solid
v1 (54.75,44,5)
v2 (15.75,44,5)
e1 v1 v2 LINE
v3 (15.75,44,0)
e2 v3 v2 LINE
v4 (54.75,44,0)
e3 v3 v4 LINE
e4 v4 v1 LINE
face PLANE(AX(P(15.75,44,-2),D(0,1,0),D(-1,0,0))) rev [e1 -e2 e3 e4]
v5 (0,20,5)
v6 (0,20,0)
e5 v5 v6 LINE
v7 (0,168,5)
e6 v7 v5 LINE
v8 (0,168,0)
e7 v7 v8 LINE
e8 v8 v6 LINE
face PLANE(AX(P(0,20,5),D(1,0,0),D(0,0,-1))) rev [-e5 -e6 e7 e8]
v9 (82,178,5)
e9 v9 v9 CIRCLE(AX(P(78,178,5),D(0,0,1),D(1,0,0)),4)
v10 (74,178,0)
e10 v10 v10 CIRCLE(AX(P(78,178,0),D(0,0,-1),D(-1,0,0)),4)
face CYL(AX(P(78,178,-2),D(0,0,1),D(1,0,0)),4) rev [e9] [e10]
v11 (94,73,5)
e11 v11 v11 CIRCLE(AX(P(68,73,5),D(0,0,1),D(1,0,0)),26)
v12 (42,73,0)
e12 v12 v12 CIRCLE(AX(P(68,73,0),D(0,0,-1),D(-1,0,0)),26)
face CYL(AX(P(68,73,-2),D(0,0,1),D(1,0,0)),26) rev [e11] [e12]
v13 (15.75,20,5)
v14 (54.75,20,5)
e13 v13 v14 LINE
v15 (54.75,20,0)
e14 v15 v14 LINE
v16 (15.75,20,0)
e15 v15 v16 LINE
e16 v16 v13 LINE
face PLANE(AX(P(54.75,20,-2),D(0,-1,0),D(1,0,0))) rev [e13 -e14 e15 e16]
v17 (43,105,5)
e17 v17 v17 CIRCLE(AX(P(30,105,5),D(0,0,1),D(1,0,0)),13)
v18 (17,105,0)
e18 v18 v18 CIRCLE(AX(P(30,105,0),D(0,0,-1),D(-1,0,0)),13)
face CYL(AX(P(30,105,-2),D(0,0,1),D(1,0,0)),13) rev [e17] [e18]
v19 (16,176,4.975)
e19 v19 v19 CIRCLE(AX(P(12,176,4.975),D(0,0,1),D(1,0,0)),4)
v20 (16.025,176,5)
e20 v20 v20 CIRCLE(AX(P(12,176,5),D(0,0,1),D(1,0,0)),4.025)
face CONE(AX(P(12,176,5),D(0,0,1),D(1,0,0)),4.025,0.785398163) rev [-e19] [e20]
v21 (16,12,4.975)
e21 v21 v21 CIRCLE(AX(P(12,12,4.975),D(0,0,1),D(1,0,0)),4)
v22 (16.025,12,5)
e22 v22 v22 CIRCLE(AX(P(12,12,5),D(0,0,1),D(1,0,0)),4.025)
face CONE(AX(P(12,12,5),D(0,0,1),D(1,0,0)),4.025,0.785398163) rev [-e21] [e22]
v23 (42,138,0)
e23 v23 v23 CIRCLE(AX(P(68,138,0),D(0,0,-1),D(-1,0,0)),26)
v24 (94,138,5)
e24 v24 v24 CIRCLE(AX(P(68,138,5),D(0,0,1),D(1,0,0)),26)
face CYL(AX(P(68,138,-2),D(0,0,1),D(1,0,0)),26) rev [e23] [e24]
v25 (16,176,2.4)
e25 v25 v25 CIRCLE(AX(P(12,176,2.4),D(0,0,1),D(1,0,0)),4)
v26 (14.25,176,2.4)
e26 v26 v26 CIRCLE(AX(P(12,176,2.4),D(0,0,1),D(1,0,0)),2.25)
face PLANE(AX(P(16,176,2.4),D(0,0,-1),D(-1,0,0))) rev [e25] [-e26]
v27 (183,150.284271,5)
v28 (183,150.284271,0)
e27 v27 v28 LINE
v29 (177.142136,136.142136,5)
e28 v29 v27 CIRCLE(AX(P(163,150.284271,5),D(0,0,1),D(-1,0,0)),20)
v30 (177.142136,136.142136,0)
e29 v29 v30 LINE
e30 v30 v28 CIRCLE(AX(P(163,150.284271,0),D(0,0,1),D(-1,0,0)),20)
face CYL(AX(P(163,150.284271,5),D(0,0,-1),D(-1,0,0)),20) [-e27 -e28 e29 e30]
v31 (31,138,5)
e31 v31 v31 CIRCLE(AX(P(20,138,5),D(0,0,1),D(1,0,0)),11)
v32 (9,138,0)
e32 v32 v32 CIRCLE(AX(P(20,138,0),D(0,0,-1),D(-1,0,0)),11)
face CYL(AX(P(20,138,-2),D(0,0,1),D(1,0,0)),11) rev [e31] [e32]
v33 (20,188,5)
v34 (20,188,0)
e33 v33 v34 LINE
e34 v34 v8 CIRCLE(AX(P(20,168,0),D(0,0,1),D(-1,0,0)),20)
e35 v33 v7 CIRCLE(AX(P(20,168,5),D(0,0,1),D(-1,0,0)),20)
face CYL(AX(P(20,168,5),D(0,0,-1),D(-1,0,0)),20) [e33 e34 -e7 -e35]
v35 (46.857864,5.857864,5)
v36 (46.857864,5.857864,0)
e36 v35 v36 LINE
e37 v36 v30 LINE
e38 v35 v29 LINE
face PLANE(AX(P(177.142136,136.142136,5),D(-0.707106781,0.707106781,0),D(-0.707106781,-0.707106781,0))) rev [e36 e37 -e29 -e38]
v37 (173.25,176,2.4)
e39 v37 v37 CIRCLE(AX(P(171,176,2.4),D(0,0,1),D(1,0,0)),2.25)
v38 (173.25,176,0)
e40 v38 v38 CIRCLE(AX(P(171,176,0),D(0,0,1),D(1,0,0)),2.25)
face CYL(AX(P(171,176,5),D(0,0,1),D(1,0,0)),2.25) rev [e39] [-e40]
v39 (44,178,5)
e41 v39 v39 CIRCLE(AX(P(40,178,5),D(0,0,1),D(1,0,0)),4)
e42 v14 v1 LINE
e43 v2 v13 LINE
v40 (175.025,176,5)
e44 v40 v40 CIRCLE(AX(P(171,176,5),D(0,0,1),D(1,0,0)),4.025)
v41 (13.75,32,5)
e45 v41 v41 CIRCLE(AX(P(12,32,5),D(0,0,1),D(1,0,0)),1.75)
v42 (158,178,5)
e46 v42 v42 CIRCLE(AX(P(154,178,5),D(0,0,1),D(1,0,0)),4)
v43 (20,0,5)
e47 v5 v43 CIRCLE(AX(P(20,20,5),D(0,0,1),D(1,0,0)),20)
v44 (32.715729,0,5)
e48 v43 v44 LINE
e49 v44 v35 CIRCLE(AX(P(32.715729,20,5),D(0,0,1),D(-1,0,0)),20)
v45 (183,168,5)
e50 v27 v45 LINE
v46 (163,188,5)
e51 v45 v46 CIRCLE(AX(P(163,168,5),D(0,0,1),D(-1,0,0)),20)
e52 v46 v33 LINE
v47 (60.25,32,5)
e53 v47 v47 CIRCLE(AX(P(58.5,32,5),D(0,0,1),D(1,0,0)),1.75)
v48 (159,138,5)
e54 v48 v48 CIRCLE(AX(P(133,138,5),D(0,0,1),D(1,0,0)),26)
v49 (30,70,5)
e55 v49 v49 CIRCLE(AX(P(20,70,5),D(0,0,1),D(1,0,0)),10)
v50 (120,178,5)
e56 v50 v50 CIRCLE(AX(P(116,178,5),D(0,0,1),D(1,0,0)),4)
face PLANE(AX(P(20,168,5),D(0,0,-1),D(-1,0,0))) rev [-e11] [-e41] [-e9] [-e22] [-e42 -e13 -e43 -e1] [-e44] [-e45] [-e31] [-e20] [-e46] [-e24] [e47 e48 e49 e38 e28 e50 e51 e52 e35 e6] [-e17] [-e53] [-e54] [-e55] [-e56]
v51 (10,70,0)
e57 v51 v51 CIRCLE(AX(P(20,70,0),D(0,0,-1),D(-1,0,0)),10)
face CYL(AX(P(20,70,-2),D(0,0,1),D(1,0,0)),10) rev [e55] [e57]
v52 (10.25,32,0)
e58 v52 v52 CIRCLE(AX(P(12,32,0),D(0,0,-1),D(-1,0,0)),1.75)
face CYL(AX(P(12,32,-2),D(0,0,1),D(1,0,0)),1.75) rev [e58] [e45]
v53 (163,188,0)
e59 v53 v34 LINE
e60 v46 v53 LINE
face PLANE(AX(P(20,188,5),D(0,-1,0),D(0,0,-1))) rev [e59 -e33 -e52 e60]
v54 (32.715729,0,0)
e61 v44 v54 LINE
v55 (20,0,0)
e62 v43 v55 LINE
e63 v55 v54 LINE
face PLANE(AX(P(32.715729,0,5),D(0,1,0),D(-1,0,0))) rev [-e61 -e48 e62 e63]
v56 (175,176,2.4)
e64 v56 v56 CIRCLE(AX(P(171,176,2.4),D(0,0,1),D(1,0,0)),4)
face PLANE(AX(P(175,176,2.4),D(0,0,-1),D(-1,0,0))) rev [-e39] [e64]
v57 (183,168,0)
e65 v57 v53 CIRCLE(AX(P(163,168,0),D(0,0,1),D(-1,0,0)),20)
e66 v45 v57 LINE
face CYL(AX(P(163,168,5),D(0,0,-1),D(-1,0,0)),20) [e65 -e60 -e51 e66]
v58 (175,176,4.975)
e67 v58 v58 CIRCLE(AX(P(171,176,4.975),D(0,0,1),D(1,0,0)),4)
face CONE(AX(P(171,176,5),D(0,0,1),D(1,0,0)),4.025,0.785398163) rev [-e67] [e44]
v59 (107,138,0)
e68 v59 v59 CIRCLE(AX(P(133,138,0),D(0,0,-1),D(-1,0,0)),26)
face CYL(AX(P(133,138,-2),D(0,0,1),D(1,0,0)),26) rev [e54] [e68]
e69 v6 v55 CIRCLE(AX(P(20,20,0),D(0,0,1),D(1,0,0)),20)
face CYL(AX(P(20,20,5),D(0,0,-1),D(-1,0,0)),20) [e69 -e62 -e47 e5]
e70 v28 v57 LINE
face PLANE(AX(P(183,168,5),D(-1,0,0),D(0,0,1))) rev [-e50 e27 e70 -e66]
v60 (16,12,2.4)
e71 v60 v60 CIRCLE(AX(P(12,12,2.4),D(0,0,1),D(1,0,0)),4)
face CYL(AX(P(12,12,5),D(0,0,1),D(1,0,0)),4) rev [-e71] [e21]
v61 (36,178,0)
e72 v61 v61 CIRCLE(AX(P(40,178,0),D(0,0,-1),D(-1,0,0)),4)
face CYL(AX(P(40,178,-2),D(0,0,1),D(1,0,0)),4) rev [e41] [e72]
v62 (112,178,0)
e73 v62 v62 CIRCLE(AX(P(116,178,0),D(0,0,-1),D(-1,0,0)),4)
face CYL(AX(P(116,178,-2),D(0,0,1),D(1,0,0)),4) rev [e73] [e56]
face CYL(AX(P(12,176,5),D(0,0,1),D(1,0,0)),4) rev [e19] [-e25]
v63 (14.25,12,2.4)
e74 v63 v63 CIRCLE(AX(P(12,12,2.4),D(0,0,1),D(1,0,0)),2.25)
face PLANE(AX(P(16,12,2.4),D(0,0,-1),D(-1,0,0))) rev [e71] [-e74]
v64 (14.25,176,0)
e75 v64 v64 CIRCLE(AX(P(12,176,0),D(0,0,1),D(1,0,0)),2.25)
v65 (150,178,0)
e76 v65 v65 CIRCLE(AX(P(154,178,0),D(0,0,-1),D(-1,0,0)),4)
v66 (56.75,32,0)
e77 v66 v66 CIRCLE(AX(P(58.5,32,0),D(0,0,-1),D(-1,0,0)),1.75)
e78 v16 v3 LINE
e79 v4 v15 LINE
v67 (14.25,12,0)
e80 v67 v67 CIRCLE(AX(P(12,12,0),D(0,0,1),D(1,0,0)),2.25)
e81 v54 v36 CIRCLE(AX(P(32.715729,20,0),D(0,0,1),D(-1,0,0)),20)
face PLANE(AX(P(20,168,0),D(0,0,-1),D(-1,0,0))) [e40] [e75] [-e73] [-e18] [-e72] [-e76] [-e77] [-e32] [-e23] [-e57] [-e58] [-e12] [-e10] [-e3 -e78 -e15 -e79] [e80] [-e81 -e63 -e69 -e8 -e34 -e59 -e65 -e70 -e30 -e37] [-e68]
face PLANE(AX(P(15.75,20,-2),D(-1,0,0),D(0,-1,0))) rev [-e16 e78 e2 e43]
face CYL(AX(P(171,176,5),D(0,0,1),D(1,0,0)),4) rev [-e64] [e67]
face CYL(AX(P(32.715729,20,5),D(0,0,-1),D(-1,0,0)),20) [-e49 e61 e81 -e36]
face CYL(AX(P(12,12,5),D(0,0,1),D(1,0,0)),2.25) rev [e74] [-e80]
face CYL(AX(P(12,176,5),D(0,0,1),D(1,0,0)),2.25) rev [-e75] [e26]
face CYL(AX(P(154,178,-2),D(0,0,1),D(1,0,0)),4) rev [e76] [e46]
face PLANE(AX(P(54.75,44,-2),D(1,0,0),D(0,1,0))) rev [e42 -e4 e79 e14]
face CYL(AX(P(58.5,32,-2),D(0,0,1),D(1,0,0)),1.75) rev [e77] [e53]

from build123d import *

# Parameters (mm, degrees)
ESTRUSIONE_ESTRUSIONE1_DEPTH                 = 5
FORO_LAMATO_PER_VITE_M4_A_TESTA_CILI_2_COUNT = 2
FORO_LAMATO_PER_VITE_M4_A_TESTA_CILI_2_PITCH = 164
FORO_LAMATO_PER_VITE_M4_A_TESTA_CILI_3_COUNT = 2
FORO_LAMATO_PER_VITE_M4_A_TESTA_CILI_3_PITCH = 159
SCHIZZO5_R                                   = 1.75
SCHIZZO5_R_2                                 = 10
SCHIZZO5_R_3                                 = 11
SCHIZZO5_R_4                                 = 13
SCHIZZO5_R_5                                 = 4
SCHIZZO5_R_6                                 = 26
SCHIZZO5_W                                   = 39
SCHIZZO5_H                                   = 24
TAGLIO_ESTRUSIONE2_DEPTH                     = 7


with BuildPart() as part:
    # Schizzo1 → Estrusione-Estrusione1 (new body)
    with BuildSketch(Plane.XY):
        with BuildLine():
            Line((0, 20), (0, 168))
            ThreePointArc((0, 168), (5.857864376, 182.142135624), (20, 188))
            Line((20, 188), (163, 188))
            ThreePointArc((163, 188), (177.142135624, 182.142135624), (183, 168))
            Line((183, 168), (183, 150.284271247))
            ThreePointArc((183, 150.284271247), (181.47759065, 142.6306026), (177.142135624, 136.142135624))
            Line((177.142135624, 136.142135624), (46.857864376, 5.857864376))
            ThreePointArc((46.857864376, 5.857864376), (40.3693974, 1.52240935), (32.715728753, 0))
            Line((32.715728753, 0), (20, 0))
            ThreePointArc((20, 0), (5.857864376, 5.857864376), (0, 20))
        make_face()
    extrude(amount=ESTRUSIONE_ESTRUSIONE1_DEPTH)

    # Schizzo4 → Foro lamato per Vite M4 a testa cilindrica piana-1 (revolve, cut)
    with BuildSketch(Plane(origin=(12, 176, 5), x_dir=(0, -1, 0), z_dir=(1, 0, 0))):
        Polygon((0, 0), (0, 5), (2.25, 5), (2.25, 2.6), (4, 2.6), (4, 0.025), (4.025, 0), align=None)
    foro_lamato_per_vite_m4_a_testa_cilindri = revolve(axis=Axis((12, 176, 11.35), (0, 0, -1)), mode=Mode.SUBTRACT)

    # Foro lamato per Vite M4 a testa cili 2: Foro lamato per Vite M4 a testa cilindrica piana-1 ×2
    with Locations(*[(0, -i * FORO_LAMATO_PER_VITE_M4_A_TESTA_CILI_2_PITCH, 0) for i in range(1, FORO_LAMATO_PER_VITE_M4_A_TESTA_CILI_2_COUNT)]):
        add(foro_lamato_per_vite_m4_a_testa_cilindri, mode=Mode.SUBTRACT)

    # Foro lamato per Vite M4 a testa cili 3: Foro lamato per Vite M4 a testa cilindrica piana-1 ×2
    with Locations(*[(i * FORO_LAMATO_PER_VITE_M4_A_TESTA_CILI_3_PITCH, 0, 0) for i in range(1, FORO_LAMATO_PER_VITE_M4_A_TESTA_CILI_3_COUNT)]):
        add(foro_lamato_per_vite_m4_a_testa_cilindri, mode=Mode.SUBTRACT)

    # Schizzo5 → Taglio-Estrusione2 (cut)
    with BuildSketch(Plane.XY.offset(5)):
        with Locations((12, 32)):
            Circle(SCHIZZO5_R)
        with Locations((58.5, 32)):
            Circle(SCHIZZO5_R)
        with Locations((20, 70)):
            Circle(SCHIZZO5_R_2)
        with Locations((20, 138)):
            Circle(SCHIZZO5_R_3)
        with Locations((30, 105)):
            Circle(SCHIZZO5_R_4)
        with Locations((40, 178)):
            Circle(SCHIZZO5_R_5)
        with Locations((78, 178)):
            Circle(SCHIZZO5_R_5)
        with Locations((116, 178)):
            Circle(SCHIZZO5_R_5)
        with Locations((154, 178)):
            Circle(SCHIZZO5_R_5)
        with Locations((68, 138)):
            Circle(SCHIZZO5_R_6)
        with Locations((133, 138)):
            Circle(SCHIZZO5_R_6)
        with Locations((68, 73)):
            Circle(SCHIZZO5_R_6)
        with Locations((35.25, 32)):
            Rectangle(SCHIZZO5_W, SCHIZZO5_H)
    extrude(amount=-TAGLIO_ESTRUSIONE2_DEPTH, mode=Mode.SUBTRACT)


solid = part.part
